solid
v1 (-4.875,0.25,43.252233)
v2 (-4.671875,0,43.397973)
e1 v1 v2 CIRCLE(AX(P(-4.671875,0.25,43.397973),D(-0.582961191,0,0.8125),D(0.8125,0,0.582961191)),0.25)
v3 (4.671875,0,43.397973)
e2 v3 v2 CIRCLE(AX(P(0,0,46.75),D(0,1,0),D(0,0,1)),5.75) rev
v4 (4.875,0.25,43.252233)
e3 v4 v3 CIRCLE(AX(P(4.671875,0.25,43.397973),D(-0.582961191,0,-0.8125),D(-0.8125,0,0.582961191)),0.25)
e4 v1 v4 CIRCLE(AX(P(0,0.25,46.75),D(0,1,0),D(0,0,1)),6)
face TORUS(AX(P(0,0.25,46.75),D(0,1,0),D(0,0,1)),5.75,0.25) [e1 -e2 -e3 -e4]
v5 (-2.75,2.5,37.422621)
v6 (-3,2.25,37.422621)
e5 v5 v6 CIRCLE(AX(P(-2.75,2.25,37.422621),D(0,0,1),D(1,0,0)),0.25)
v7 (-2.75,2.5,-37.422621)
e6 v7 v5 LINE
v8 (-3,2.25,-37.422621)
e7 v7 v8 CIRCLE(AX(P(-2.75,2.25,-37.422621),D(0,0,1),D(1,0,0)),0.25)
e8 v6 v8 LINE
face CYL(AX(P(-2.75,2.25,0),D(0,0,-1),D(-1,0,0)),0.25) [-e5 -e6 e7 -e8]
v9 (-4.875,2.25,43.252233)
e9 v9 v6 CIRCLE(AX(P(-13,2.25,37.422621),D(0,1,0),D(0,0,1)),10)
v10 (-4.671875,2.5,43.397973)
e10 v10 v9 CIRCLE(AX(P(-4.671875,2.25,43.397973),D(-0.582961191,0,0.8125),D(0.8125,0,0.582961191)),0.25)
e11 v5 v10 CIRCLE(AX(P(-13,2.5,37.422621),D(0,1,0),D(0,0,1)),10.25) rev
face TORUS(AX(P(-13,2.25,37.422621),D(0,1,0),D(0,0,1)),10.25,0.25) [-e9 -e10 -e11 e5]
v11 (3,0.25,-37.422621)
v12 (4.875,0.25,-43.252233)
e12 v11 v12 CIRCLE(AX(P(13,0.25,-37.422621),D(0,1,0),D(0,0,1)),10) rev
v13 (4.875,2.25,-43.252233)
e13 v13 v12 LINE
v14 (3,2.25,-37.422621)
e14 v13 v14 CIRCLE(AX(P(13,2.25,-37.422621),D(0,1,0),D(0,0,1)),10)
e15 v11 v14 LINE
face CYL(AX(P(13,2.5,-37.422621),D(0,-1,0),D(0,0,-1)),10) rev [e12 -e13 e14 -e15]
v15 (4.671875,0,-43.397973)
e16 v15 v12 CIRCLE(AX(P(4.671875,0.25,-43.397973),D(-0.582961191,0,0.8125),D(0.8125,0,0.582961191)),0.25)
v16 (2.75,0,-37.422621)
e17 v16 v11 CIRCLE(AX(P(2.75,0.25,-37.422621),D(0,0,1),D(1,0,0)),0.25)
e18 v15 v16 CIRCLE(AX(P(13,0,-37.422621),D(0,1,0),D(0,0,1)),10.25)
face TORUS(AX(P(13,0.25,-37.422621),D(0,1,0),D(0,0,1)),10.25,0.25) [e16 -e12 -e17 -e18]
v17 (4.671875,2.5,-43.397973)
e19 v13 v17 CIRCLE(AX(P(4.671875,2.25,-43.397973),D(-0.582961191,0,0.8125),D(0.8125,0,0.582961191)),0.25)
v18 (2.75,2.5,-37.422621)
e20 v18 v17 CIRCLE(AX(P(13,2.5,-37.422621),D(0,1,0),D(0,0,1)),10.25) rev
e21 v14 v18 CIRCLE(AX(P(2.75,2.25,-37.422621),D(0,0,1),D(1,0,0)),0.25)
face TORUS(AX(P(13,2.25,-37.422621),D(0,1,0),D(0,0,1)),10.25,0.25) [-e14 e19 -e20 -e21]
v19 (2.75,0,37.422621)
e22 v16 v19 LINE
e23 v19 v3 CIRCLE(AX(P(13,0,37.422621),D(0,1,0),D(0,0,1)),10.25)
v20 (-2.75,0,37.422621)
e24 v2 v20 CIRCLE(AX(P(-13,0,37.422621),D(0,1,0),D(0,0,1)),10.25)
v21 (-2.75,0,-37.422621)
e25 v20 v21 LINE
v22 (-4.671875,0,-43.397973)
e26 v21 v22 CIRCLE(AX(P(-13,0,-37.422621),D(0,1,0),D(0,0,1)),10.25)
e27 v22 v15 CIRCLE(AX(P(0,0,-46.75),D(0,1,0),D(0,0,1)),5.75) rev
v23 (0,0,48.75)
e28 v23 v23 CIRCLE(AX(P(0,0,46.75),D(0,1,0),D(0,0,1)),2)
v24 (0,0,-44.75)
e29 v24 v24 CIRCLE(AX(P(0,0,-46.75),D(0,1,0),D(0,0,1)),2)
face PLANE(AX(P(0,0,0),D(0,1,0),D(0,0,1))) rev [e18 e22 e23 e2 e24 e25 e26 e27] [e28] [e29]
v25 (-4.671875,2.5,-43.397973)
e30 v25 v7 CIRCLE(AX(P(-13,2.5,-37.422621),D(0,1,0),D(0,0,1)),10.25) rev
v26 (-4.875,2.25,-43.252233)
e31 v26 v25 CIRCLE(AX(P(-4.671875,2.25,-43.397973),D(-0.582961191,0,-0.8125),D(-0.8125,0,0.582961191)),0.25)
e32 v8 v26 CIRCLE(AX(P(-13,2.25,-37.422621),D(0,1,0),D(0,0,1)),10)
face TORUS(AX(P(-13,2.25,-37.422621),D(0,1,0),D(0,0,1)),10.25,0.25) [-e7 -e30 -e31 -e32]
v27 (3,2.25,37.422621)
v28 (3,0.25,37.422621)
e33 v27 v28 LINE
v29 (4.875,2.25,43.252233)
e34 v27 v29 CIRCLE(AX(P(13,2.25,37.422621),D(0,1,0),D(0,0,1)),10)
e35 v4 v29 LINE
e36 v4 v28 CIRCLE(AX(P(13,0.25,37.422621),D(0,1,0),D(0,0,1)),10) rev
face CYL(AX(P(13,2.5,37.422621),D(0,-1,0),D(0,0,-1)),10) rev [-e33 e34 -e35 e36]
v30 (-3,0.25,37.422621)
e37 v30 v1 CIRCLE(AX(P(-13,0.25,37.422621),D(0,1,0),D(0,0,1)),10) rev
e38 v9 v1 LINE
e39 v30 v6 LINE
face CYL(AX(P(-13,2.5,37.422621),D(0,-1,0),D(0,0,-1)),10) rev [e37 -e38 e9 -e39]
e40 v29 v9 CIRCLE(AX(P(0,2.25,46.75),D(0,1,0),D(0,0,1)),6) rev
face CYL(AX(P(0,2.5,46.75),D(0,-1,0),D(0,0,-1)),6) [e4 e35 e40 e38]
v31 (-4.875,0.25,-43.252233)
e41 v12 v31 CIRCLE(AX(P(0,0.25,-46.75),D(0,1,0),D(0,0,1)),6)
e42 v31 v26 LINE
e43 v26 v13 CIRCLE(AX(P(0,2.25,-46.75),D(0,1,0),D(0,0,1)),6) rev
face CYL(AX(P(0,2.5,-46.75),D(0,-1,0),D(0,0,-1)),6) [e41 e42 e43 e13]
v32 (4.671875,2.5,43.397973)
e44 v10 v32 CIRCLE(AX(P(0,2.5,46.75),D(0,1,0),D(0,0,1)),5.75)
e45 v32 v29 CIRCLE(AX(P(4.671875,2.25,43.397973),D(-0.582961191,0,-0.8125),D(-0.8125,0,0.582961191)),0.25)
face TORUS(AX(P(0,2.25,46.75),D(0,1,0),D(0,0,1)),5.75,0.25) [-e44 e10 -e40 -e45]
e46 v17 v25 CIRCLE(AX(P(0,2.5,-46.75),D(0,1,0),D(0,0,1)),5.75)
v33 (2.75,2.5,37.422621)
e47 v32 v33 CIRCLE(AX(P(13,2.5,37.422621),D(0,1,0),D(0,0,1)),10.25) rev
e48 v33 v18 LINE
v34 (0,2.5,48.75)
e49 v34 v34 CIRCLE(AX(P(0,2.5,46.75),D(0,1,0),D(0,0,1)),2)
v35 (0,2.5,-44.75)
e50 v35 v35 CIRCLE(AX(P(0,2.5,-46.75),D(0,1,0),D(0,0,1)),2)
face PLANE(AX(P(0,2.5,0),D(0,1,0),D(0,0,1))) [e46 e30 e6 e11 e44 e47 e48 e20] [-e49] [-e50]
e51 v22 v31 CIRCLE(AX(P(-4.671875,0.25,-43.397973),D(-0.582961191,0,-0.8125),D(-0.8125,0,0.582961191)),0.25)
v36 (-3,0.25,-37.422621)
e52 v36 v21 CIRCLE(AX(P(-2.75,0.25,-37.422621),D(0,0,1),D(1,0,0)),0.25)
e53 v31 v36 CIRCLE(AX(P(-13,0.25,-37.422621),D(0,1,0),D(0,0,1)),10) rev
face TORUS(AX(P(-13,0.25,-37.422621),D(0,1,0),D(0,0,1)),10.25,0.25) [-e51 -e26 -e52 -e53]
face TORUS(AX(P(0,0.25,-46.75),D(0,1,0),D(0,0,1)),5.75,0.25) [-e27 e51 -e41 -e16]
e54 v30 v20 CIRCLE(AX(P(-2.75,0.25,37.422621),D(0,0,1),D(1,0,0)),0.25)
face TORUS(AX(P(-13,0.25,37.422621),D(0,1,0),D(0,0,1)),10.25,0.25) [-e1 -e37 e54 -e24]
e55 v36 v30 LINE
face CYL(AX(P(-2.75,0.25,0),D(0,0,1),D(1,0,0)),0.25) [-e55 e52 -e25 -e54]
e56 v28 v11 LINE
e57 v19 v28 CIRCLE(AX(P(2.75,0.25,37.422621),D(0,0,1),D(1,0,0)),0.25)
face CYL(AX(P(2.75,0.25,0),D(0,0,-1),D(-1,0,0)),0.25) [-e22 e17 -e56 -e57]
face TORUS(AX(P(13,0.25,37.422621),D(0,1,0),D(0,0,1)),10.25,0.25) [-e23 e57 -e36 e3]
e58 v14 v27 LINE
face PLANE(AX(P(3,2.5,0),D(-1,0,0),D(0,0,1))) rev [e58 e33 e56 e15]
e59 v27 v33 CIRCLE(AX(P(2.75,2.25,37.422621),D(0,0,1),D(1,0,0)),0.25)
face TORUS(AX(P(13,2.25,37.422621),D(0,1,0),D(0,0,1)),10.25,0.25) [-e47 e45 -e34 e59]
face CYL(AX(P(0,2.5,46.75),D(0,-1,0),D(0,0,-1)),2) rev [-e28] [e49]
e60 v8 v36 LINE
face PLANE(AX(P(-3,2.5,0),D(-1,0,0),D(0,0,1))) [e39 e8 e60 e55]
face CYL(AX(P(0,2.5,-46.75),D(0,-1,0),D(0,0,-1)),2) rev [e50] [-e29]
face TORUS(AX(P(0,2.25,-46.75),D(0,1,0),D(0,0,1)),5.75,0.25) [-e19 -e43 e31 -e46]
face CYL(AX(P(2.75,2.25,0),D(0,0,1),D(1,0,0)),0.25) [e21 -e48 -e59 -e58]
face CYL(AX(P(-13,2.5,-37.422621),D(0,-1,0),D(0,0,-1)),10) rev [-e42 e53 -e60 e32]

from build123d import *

# Parameters (mm, degrees)
SKETCH1_R           = 2
BOSS_EXTRUDE1_DEPTH = 2.5
FILLET1_R           = 10
FILLET2_R           = 0.25


with BuildPart() as part:
    # Sketch1 → Boss-Extrude1 (new body)
    with BuildSketch(Plane(origin=(0, 0, 0), x_dir=(1, 0, 0), z_dir=(0, 1, 0))):
        with BuildLine():
            ThreePointArc((-3, -41.553847577), (0, -52.75), (3, -41.553847577))
            Line((3, -41.553847577), (3, 41.553847577))
            ThreePointArc((3, 41.553847577), (0, 52.75), (-3, 41.553847577))
            Line((-3, 41.553847577), (-3, -41.553847577))
        make_face()
        with Locations((0, -46.75)):
            Circle(SKETCH1_R, mode=Mode.SUBTRACT)
        with Locations((0, 46.75)):
            Circle(SKETCH1_R, mode=Mode.SUBTRACT)
    extrude(amount=BOSS_EXTRUDE1_DEPTH)

    # Fillet1
    fillet1_edges = [part.edges().sort_by_distance(p)[0] for p in [
        (-3, 1.25, 41.553847577),
        (-3, 1.25, -41.553847577),
        (3, 1.25, -41.553847577),
        (3, 1.25, 41.553847577),
    ]]
    fillet(fillet1_edges, radius=FILLET1_R)

    # Fillet2
    fillet2_edges = [part.edges().sort_by_distance(p)[0] for p in [
        (0, 0, 52.75),
        (0, 2.5, 52.75),
        (-3, 0, 0),
        (-3, 2.5, 0),
        (0, 0, -52.75),
        (0, 2.5, -52.75),
        (3, 0, 0),
        (3, 2.5, 0),
        (-3.480283618, 0, 40.484483125),
        (-3.480283618, 2.5, 40.484483125),
        (-3.480283618, 0, -40.484483125),
        (-3.480283618, 2.5, -40.484483125),
        (3.480283618, 0, -40.484483125),
        (3.480283618, 2.5, -40.484483125),
        (3.480283618, 0, 40.484483125),
        (3.480283618, 2.5, 40.484483125),
    ]]
    fillet(fillet2_edges, radius=FILLET2_R)


solid = part.part
